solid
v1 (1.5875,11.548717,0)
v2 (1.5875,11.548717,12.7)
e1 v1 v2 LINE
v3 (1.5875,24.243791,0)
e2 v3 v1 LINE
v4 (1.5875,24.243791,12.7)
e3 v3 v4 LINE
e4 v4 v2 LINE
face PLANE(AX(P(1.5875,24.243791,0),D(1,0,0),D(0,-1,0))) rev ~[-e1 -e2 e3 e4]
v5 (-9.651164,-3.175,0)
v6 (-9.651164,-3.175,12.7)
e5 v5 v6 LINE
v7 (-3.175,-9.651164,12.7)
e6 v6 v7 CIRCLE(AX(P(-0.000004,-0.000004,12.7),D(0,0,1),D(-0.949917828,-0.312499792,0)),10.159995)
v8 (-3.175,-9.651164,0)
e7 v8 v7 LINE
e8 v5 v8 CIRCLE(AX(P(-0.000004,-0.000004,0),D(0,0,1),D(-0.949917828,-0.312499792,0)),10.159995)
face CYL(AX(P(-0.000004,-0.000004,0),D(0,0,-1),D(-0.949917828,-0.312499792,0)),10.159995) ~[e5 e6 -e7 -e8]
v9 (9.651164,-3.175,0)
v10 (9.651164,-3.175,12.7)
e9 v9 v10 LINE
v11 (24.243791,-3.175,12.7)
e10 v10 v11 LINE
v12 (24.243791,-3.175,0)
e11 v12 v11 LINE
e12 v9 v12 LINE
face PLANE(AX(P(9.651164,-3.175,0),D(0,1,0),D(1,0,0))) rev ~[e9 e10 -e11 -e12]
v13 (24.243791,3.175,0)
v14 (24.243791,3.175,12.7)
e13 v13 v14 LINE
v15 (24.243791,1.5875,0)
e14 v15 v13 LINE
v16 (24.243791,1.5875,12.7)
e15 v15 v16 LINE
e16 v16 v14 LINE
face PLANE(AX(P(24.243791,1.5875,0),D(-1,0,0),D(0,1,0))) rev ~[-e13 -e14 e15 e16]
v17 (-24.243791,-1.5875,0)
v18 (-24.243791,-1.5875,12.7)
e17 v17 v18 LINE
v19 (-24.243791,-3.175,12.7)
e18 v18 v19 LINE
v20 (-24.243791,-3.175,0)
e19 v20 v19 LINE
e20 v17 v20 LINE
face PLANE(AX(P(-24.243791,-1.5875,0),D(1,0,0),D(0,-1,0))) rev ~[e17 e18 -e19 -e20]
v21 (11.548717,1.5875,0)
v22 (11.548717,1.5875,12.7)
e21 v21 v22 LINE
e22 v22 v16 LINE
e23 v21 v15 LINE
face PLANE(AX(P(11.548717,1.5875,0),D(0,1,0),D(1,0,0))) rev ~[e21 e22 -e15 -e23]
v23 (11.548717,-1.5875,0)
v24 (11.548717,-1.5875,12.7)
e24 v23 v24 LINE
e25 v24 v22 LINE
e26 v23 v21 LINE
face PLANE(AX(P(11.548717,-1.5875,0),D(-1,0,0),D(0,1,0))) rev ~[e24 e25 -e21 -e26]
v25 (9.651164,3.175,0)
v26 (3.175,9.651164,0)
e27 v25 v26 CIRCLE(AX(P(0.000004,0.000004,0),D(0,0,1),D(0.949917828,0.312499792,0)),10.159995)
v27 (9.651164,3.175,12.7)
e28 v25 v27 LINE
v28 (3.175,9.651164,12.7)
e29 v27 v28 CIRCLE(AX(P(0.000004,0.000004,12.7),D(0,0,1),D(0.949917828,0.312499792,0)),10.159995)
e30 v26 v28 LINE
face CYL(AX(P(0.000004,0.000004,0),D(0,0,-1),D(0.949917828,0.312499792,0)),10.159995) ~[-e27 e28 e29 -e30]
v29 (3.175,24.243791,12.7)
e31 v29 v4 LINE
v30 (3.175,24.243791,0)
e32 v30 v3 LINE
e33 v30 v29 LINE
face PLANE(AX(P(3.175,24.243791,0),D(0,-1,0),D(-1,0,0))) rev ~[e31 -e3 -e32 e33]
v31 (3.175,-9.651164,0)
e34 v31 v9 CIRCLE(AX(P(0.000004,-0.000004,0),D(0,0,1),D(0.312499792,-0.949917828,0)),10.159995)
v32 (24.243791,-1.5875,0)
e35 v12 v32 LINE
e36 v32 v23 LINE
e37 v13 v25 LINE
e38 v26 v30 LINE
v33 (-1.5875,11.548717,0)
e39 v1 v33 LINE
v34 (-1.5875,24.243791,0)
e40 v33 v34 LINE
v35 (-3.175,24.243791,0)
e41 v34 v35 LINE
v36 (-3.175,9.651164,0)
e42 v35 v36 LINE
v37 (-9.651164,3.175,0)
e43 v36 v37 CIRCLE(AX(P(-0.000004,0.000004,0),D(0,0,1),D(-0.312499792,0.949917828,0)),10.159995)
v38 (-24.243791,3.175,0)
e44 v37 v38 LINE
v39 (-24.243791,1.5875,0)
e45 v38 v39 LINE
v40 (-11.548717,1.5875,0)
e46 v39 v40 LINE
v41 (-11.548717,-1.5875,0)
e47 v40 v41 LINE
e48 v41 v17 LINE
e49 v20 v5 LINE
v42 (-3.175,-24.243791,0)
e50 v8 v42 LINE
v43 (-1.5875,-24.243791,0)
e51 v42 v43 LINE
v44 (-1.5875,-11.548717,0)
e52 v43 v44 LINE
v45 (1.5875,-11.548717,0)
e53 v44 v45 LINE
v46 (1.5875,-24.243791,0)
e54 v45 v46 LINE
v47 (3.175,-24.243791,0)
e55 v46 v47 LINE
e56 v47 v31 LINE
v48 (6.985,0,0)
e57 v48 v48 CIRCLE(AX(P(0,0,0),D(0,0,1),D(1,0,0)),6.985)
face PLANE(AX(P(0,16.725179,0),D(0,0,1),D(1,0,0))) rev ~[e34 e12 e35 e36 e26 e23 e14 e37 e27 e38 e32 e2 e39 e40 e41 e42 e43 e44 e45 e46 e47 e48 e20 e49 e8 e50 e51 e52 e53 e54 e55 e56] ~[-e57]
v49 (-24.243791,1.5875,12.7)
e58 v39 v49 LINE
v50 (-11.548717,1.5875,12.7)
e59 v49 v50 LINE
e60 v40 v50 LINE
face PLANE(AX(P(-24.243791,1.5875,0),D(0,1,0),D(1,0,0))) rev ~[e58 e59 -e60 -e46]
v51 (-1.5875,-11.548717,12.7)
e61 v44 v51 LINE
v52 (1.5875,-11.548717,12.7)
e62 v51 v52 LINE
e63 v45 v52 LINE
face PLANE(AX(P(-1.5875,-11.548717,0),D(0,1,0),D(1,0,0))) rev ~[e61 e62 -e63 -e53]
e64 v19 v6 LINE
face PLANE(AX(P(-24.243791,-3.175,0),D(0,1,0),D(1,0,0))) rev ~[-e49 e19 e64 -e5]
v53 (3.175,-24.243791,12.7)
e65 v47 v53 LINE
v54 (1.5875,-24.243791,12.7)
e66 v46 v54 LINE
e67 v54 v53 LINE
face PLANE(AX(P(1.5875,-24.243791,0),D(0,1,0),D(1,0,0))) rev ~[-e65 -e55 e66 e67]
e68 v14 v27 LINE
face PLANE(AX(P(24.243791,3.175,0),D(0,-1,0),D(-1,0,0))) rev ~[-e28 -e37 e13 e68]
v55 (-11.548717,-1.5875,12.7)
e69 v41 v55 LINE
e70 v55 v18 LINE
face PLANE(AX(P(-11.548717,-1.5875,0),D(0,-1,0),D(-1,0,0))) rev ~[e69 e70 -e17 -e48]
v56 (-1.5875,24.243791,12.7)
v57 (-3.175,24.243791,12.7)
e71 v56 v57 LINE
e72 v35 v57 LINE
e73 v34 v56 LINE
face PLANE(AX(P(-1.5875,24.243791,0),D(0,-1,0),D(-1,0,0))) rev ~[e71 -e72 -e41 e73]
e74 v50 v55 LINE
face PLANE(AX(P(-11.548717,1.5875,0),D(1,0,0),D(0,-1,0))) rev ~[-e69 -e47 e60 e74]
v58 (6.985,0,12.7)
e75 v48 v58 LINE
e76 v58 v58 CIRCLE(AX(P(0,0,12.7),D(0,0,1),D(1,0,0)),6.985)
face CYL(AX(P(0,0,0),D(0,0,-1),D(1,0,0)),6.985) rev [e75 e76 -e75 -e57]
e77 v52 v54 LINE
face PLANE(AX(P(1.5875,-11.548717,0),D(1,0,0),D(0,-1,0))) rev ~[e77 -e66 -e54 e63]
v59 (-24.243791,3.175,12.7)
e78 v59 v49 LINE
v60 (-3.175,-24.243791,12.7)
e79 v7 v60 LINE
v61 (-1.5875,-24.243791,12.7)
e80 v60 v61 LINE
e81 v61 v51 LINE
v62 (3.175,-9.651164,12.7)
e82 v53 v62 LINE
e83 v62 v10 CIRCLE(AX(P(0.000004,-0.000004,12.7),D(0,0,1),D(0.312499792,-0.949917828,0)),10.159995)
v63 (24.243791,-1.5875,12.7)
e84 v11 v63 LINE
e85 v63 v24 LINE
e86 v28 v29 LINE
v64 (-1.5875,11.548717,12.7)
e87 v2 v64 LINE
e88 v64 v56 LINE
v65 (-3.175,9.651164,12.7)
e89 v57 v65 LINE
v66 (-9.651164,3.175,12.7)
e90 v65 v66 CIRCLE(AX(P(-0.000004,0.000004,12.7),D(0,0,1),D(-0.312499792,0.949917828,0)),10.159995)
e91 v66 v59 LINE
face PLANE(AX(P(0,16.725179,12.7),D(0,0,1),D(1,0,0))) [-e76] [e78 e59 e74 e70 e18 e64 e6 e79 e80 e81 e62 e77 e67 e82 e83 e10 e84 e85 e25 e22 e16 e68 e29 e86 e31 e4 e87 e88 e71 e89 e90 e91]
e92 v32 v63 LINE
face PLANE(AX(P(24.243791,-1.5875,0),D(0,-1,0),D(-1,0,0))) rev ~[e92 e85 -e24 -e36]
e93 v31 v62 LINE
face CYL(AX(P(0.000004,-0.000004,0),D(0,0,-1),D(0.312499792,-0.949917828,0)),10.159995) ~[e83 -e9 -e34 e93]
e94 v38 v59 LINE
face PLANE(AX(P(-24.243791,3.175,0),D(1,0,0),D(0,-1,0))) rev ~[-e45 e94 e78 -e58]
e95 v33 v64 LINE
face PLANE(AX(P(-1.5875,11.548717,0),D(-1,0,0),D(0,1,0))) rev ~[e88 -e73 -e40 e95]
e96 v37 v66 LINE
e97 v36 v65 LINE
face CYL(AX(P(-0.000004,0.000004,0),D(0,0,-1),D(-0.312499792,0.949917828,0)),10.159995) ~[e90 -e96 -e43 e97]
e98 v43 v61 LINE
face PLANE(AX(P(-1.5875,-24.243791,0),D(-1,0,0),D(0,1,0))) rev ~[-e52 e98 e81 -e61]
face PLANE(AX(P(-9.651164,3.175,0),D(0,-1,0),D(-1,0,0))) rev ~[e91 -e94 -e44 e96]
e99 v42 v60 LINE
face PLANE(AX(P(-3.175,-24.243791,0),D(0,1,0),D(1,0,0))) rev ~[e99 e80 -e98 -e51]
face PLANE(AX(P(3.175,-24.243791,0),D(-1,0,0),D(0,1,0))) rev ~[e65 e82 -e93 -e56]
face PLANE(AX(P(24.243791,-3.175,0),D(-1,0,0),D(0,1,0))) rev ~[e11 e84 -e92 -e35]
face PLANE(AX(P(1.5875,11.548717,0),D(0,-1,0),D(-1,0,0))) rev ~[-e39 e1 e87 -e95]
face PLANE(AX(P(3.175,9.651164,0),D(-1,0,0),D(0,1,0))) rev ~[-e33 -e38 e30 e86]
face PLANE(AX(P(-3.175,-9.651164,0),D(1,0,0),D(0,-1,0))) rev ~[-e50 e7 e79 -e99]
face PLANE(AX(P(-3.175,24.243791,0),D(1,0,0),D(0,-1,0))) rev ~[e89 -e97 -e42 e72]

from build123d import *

# Parameters (mm, degrees)
F0_R     = 6.985
F1_DEPTH = 12.7


with BuildPart() as f1:
    # F0 (on Top) → F1 (new body)
    with BuildSketch(Plane.XY):
        with BuildLine():
            ThreePointArc((-3.175, 9.651164), (0, 10.16), (3.175, 9.651164))
            Line((3.175, 9.651164), (3.175, 24.243791))
            Line((3.175, 24.243791), (1.5875, 24.243791))
            Line((1.5875, 24.243791), (1.5875, 11.548717))
            Line((1.5875, 11.548717), (-1.5875, 11.548717))
            Line((-1.5875, 11.548717), (-1.5875, 24.243791))
            Line((-1.5875, 24.243791), (-3.175, 24.243791))
            Line((-3.175, 24.243791), (-3.175, 9.651164))
        make_face()
        with BuildLine():
            Line((3.175, 7.733791), (3.175, 9.651164))
            ThreePointArc((3.175, 9.651164), (0, 10.16), (-3.175, 9.651164))
            Line((-3.175, 9.651164), (-3.175, 7.733791))
            Line((-3.175, 7.733791), (3.175, 7.733791))
        make_face()
        with BuildLine():
            Line((7.733791, 3.175), (9.651164, 3.175))
            ThreePointArc((9.651164, 3.175), (7.184205, 7.184205), (3.175, 9.651164))
            Line((3.175, 9.651164), (3.175, 7.733791))
            Line((3.175, 7.733791), (-3.175, 7.733791))
            Line((-3.175, 7.733791), (-3.175, 9.651164))
            ThreePointArc((-3.175, 9.651164), (-7.184205, 7.184205), (-9.651164, 3.175))
            Line((-9.651164, 3.175), (-7.733791, 3.175))
            Line((-7.733791, 3.175), (-7.733791, -3.175))
            Line((-7.733791, -3.175), (-9.651164, -3.175))
            ThreePointArc((-9.651164, -3.175), (-7.184205, -7.184205), (-3.175, -9.651164))
            Line((-3.175, -9.651164), (-3.175, -7.733791))
            Line((-3.175, -7.733791), (3.175, -7.733791))
            Line((3.175, -7.733791), (3.175, -9.651164))
            ThreePointArc((3.175, -9.651164), (7.184205, -7.184205), (9.651164, -3.175))
            Line((9.651164, -3.175), (7.733791, -3.175))
            Line((7.733791, -3.175), (7.733791, 3.175))
        make_face()
        Circle(F0_R, mode=Mode.SUBTRACT)
        with BuildLine():
            ThreePointArc((9.651164, -3.175), (10.031985, -1.607758), (10.16, 0))
            ThreePointArc((10.16, 0), (10.031985, 1.607758), (9.651164, 3.175))
            Line((9.651164, 3.175), (7.733791, 3.175))
            Line((7.733791, 3.175), (7.733791, -3.175))
            Line((7.733791, -3.175), (9.651164, -3.175))
        make_face()
        with BuildLine():
            ThreePointArc((9.651164, 3.175), (10.031985, 1.607758), (10.16, 0))
            ThreePointArc((10.16, 0), (10.031985, -1.607758), (9.651164, -3.175))
            Line((9.651164, -3.175), (24.243791, -3.175))
            Line((24.243791, -3.175), (24.243791, -1.5875))
            Line((24.243791, -1.5875), (11.548717, -1.5875))
            Line((11.548717, -1.5875), (11.548717, 1.5875))
            Line((11.548717, 1.5875), (24.243791, 1.5875))
            Line((24.243791, 1.5875), (24.243791, 3.175))
            Line((24.243791, 3.175), (9.651164, 3.175))
        make_face()
        with BuildLine():
            Line((3.175, -24.243791), (3.175, -9.651164))
            ThreePointArc((3.175, -9.651164), (0, -10.16), (-3.175, -9.651164))
            Line((-3.175, -9.651164), (-3.175, -24.243791))
            Line((-3.175, -24.243791), (-1.5875, -24.243791))
            Line((-1.5875, -24.243791), (-1.5875, -11.548717))
            Line((-1.5875, -11.548717), (1.5875, -11.548717))
            Line((1.5875, -11.548717), (1.5875, -24.243791))
            Line((1.5875, -24.243791), (3.175, -24.243791))
        make_face()
        with BuildLine():
            ThreePointArc((-3.175, -9.651164), (0, -10.16), (3.175, -9.651164))
            Line((3.175, -9.651164), (3.175, -7.733791))
            Line((3.175, -7.733791), (-3.175, -7.733791))
            Line((-3.175, -7.733791), (-3.175, -9.651164))
        make_face()
        with BuildLine():
            Line((-7.733791, 3.175), (-9.651164, 3.175))
            ThreePointArc((-9.651164, 3.175), (-10.16, 0), (-9.651164, -3.175))
            Line((-9.651164, -3.175), (-7.733791, -3.175))
            Line((-7.733791, -3.175), (-7.733791, 3.175))
        make_face()
        with BuildLine():
            ThreePointArc((-9.651164, -3.175), (-10.16, 0), (-9.651164, 3.175))
            Line((-9.651164, 3.175), (-24.243791, 3.175))
            Line((-24.243791, 3.175), (-24.243791, 1.5875))
            Line((-24.243791, 1.5875), (-11.548717, 1.5875))
            Line((-11.548717, 1.5875), (-11.548717, -1.5875))
            Line((-11.548717, -1.5875), (-24.243791, -1.5875))
            Line((-24.243791, -1.5875), (-24.243791, -3.175))
            Line((-24.243791, -3.175), (-9.651164, -3.175))
        make_face()
    extrude(amount=F1_DEPTH)


solid = f1.part
